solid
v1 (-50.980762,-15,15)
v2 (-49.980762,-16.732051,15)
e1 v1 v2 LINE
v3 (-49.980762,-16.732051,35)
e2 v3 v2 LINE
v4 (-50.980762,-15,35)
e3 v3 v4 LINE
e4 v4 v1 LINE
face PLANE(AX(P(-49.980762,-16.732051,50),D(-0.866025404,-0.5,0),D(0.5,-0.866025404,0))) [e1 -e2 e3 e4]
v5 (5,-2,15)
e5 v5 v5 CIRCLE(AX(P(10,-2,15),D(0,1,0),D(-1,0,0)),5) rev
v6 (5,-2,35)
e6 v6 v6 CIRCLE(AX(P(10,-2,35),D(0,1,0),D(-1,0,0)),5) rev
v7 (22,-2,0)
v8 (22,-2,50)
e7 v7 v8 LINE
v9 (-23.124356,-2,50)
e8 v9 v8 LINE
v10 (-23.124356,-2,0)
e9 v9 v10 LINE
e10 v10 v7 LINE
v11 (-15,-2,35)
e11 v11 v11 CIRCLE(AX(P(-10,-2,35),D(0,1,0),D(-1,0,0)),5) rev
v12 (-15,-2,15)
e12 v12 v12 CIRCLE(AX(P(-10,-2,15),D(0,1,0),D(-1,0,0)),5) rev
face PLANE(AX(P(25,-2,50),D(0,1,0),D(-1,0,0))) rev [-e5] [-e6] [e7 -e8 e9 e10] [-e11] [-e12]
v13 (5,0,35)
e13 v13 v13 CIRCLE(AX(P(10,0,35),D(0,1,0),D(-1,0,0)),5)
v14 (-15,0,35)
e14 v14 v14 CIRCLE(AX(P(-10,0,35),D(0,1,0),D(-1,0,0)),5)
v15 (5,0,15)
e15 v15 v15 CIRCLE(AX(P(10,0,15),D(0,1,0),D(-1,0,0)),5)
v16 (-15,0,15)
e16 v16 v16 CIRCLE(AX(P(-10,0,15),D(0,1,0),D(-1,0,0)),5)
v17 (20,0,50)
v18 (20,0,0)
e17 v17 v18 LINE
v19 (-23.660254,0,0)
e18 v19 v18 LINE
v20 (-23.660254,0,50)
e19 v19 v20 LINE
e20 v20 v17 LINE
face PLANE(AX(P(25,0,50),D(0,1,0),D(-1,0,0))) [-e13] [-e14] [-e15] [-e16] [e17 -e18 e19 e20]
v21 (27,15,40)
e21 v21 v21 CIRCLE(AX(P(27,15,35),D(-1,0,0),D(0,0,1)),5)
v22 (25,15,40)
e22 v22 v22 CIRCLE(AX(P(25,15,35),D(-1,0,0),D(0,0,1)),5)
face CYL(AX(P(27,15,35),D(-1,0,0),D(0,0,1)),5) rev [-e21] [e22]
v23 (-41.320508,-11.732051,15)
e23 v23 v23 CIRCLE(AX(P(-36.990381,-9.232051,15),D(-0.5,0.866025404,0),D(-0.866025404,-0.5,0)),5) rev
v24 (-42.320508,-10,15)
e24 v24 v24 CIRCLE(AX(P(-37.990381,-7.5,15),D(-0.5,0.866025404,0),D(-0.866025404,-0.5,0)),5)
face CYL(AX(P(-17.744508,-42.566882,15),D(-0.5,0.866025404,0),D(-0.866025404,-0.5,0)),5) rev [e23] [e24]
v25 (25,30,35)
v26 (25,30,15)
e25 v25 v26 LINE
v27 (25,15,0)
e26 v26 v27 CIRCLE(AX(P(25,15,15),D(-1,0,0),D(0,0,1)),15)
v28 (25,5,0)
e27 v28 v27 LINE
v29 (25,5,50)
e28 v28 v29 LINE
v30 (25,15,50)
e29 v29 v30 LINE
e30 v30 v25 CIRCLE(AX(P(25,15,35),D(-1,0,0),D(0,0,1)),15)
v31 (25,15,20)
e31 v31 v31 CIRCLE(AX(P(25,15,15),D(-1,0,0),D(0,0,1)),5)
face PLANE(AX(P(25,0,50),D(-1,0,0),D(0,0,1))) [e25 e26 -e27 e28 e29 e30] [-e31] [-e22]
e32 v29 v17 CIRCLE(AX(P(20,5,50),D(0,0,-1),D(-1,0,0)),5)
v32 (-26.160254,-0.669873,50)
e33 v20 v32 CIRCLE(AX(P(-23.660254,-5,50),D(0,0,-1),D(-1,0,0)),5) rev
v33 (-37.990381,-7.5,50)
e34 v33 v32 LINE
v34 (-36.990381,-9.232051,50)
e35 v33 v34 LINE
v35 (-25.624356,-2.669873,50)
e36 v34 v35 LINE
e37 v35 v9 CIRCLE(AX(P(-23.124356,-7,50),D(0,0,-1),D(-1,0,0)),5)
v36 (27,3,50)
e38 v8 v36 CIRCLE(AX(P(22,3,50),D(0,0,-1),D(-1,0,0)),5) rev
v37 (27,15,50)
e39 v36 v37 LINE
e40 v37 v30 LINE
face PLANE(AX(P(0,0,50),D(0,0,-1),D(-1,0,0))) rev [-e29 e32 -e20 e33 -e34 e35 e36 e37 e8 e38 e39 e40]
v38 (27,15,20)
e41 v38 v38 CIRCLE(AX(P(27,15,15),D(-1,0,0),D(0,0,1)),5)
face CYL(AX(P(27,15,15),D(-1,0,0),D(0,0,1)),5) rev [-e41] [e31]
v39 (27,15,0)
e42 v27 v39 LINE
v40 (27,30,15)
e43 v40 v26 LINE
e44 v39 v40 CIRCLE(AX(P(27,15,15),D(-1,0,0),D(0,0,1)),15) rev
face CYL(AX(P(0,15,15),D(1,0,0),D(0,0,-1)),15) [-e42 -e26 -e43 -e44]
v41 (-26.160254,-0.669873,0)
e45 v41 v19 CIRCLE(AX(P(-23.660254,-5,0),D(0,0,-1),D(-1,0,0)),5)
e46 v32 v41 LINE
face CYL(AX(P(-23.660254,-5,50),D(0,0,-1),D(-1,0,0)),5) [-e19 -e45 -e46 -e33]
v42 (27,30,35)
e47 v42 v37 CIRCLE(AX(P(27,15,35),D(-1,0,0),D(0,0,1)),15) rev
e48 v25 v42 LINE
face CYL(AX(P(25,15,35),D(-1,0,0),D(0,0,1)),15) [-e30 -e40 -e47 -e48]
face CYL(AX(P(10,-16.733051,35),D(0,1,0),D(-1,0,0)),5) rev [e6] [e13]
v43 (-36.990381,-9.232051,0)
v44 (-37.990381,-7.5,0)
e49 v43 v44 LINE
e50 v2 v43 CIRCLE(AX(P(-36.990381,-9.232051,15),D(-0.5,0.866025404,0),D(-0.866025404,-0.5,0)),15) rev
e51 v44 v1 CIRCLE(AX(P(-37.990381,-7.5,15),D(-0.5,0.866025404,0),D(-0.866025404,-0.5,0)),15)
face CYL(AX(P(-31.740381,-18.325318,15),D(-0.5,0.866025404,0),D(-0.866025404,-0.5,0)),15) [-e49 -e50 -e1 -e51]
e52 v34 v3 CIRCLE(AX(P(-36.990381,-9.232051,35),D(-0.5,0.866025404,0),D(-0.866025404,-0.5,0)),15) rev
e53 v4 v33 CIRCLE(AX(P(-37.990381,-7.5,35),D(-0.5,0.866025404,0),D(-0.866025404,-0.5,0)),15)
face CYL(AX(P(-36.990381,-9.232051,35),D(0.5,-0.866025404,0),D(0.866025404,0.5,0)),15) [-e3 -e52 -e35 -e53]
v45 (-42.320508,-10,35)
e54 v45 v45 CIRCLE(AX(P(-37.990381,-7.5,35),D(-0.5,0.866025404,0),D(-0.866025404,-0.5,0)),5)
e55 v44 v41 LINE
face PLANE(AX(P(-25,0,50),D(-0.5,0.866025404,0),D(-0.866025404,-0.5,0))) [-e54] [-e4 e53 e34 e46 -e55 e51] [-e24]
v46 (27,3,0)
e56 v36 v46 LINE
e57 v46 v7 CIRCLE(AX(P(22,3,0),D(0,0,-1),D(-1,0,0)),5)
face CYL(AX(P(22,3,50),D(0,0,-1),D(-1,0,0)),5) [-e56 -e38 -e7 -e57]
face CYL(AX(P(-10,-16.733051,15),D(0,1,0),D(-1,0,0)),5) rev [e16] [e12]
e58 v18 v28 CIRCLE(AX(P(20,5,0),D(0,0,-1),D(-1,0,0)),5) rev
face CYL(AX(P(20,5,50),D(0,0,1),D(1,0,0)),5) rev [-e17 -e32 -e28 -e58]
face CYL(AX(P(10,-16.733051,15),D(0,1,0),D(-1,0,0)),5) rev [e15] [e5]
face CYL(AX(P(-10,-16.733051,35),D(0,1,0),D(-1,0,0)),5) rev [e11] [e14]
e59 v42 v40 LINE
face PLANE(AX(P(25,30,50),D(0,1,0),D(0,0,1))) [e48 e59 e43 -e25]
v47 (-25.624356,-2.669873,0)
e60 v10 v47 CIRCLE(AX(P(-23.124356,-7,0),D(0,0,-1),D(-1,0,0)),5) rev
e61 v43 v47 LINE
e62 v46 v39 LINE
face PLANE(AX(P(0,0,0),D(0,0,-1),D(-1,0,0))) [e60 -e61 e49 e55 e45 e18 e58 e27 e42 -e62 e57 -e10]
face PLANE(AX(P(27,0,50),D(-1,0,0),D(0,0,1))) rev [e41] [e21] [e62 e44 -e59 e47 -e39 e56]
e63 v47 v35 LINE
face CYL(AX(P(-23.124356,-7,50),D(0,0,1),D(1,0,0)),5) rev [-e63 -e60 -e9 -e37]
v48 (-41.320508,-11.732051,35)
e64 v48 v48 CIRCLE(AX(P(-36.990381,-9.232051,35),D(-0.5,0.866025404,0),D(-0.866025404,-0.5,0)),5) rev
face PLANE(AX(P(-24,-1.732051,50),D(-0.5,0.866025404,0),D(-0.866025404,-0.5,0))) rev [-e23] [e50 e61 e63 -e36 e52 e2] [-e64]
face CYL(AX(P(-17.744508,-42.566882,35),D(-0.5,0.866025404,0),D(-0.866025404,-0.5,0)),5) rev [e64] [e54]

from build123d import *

# Parameters (mm, degrees)
EXTRUDE_THIN1_DEPTH  = 50
FILLET1_R            = 15
CUT_EXTRUDE1_REACH   = 79.453
SKETCH2_R            = 5
LPATTERN1_COUNT      = 2
LPATTERN1_PITCH      = 20
LPATTERN1_COUNT_DIR2 = 2
LPATTERN1_PITCH_DIR2 = 20
CUT_EXTRUDE2_REACH   = 74.528
SKETCH3_R            = 5
SKETCH4_R            = 5
CUT_EXTRUDE3_DEPTH   = 96.776177682
LPATTERN2_COUNT      = 2
LPATTERN2_PITCH      = 20
FILLET2_R            = 5


with BuildPart() as part:
    # Sketch1 → Extrude-Thin1 (new body)
    with BuildSketch(Plane.XY):
        Polygon((25, 30), (25, 0), (-25, 0), (-50.980762114, -15), (-49.980762114, -16.732050808), (-24.464101615, -2), (27, -2), (27, 30), align=None)
    extrude(amount=EXTRUDE_THIN1_DEPTH)

    # Fillet1
    fillet1_edges = [part.edges().sort_by_distance(p)[0] for p in [
        (-50.480762114, -15.866025404, 50),
        (-50.480762114, -15.866025404, 0),
        (26, 30, 50),
        (26, 30, 0),
    ]]
    fillet(fillet1_edges, radius=FILLET1_R)

    # Sketch2 → Cut-Extrude1 (cut, up to next)
    with BuildSketch(Plane(origin=(0, 0, 0), x_dir=(1, 0, 0), z_dir=(0, 1, 0)), mode=Mode.PRIVATE) as cut_extrude1_sk1:
        with Locations(Location((-10, -15, 0), (0, 0, 180))):
            Circle(SKETCH2_R)
    cut_extrude1_tool1 = extrude(cut_extrude1_sk1.sketch, amount=-CUT_EXTRUDE1_REACH, mode=Mode.PRIVATE) & part.part
    cut_extrude1 = cut_extrude1_tool1.solids().sort_by_distance((-10, 0, 15))[0]
    add(cut_extrude1, mode=Mode.SUBTRACT)

    # LPattern1: Cut-Extrude1 2 × 2
    with Locations(*[(j * LPATTERN1_PITCH_DIR2, 0, i * LPATTERN1_PITCH) for i in range(LPATTERN1_COUNT) for j in range(LPATTERN1_COUNT_DIR2) if (i, j) != (0, 0)]):
        add(cut_extrude1, mode=Mode.SUBTRACT)

    # Sketch3 → Cut-Extrude2 (cut, up to next)
    with BuildSketch(Plane(origin=(-6.25, 10.825317547, 0), x_dir=(0.8660254037844379, 0.5000000000000013, 0), z_dir=(-0.5000000000000013, 0.8660254037844379, 0)), mode=Mode.PRIVATE) as cut_extrude2_sk1:
        with Locations(Location((-36.650635095, -15, 0), (0, 0, 180))):
            Circle(SKETCH3_R)
    cut_extrude2_tool1 = extrude(cut_extrude2_sk1.sketch, amount=-CUT_EXTRUDE2_REACH, mode=Mode.PRIVATE) & part.part
    # Sketch3 → Cut-Extrude2 (cut, up to next)
    with BuildSketch(Plane(origin=(-6.25, 10.825317547, 0), x_dir=(0.8660254037844379, 0.5000000000000013, 0), z_dir=(-0.5000000000000013, 0.8660254037844379, 0)), mode=Mode.PRIVATE) as cut_extrude2_sk2:
        with Locations(Location((-36.650635095, -35, 0), (0, 0, 180))):
            Circle(SKETCH3_R)
    cut_extrude2_tool2 = extrude(cut_extrude2_sk2.sketch, amount=-CUT_EXTRUDE2_REACH, mode=Mode.PRIVATE) & part.part
    add(cut_extrude2_tool1.solids().sort_by_distance((-37.990381, -7.5, 15))[0], mode=Mode.SUBTRACT)
    add(cut_extrude2_tool2.solids().sort_by_distance((-37.990381, -7.5, 35))[0], mode=Mode.SUBTRACT)

    # Sketch4 → Cut-Extrude3 (cut, through all)
    with BuildSketch(Plane.ZY.offset(-25)):
        with Locations((15, 15)):
            Circle(SKETCH4_R)
    cut_extrude3 = extrude(amount=-CUT_EXTRUDE3_DEPTH, mode=Mode.SUBTRACT)

    # LPattern2: Cut-Extrude3 ×2
    with Locations(*[(0, 0, i * LPATTERN2_PITCH) for i in range(1, LPATTERN2_COUNT)]):
        add(cut_extrude3, mode=Mode.SUBTRACT)

    # Fillet2
    fillet2_edges = [part.edges().sort_by_distance(p)[0] for p in [
        (27, -2, 25),
        (-24.464101615, -2, 25),
        (-25, 0, 25),
        (25, 0, 25),
    ]]
    fillet(fillet2_edges, radius=FILLET2_R)


solid = part.part
